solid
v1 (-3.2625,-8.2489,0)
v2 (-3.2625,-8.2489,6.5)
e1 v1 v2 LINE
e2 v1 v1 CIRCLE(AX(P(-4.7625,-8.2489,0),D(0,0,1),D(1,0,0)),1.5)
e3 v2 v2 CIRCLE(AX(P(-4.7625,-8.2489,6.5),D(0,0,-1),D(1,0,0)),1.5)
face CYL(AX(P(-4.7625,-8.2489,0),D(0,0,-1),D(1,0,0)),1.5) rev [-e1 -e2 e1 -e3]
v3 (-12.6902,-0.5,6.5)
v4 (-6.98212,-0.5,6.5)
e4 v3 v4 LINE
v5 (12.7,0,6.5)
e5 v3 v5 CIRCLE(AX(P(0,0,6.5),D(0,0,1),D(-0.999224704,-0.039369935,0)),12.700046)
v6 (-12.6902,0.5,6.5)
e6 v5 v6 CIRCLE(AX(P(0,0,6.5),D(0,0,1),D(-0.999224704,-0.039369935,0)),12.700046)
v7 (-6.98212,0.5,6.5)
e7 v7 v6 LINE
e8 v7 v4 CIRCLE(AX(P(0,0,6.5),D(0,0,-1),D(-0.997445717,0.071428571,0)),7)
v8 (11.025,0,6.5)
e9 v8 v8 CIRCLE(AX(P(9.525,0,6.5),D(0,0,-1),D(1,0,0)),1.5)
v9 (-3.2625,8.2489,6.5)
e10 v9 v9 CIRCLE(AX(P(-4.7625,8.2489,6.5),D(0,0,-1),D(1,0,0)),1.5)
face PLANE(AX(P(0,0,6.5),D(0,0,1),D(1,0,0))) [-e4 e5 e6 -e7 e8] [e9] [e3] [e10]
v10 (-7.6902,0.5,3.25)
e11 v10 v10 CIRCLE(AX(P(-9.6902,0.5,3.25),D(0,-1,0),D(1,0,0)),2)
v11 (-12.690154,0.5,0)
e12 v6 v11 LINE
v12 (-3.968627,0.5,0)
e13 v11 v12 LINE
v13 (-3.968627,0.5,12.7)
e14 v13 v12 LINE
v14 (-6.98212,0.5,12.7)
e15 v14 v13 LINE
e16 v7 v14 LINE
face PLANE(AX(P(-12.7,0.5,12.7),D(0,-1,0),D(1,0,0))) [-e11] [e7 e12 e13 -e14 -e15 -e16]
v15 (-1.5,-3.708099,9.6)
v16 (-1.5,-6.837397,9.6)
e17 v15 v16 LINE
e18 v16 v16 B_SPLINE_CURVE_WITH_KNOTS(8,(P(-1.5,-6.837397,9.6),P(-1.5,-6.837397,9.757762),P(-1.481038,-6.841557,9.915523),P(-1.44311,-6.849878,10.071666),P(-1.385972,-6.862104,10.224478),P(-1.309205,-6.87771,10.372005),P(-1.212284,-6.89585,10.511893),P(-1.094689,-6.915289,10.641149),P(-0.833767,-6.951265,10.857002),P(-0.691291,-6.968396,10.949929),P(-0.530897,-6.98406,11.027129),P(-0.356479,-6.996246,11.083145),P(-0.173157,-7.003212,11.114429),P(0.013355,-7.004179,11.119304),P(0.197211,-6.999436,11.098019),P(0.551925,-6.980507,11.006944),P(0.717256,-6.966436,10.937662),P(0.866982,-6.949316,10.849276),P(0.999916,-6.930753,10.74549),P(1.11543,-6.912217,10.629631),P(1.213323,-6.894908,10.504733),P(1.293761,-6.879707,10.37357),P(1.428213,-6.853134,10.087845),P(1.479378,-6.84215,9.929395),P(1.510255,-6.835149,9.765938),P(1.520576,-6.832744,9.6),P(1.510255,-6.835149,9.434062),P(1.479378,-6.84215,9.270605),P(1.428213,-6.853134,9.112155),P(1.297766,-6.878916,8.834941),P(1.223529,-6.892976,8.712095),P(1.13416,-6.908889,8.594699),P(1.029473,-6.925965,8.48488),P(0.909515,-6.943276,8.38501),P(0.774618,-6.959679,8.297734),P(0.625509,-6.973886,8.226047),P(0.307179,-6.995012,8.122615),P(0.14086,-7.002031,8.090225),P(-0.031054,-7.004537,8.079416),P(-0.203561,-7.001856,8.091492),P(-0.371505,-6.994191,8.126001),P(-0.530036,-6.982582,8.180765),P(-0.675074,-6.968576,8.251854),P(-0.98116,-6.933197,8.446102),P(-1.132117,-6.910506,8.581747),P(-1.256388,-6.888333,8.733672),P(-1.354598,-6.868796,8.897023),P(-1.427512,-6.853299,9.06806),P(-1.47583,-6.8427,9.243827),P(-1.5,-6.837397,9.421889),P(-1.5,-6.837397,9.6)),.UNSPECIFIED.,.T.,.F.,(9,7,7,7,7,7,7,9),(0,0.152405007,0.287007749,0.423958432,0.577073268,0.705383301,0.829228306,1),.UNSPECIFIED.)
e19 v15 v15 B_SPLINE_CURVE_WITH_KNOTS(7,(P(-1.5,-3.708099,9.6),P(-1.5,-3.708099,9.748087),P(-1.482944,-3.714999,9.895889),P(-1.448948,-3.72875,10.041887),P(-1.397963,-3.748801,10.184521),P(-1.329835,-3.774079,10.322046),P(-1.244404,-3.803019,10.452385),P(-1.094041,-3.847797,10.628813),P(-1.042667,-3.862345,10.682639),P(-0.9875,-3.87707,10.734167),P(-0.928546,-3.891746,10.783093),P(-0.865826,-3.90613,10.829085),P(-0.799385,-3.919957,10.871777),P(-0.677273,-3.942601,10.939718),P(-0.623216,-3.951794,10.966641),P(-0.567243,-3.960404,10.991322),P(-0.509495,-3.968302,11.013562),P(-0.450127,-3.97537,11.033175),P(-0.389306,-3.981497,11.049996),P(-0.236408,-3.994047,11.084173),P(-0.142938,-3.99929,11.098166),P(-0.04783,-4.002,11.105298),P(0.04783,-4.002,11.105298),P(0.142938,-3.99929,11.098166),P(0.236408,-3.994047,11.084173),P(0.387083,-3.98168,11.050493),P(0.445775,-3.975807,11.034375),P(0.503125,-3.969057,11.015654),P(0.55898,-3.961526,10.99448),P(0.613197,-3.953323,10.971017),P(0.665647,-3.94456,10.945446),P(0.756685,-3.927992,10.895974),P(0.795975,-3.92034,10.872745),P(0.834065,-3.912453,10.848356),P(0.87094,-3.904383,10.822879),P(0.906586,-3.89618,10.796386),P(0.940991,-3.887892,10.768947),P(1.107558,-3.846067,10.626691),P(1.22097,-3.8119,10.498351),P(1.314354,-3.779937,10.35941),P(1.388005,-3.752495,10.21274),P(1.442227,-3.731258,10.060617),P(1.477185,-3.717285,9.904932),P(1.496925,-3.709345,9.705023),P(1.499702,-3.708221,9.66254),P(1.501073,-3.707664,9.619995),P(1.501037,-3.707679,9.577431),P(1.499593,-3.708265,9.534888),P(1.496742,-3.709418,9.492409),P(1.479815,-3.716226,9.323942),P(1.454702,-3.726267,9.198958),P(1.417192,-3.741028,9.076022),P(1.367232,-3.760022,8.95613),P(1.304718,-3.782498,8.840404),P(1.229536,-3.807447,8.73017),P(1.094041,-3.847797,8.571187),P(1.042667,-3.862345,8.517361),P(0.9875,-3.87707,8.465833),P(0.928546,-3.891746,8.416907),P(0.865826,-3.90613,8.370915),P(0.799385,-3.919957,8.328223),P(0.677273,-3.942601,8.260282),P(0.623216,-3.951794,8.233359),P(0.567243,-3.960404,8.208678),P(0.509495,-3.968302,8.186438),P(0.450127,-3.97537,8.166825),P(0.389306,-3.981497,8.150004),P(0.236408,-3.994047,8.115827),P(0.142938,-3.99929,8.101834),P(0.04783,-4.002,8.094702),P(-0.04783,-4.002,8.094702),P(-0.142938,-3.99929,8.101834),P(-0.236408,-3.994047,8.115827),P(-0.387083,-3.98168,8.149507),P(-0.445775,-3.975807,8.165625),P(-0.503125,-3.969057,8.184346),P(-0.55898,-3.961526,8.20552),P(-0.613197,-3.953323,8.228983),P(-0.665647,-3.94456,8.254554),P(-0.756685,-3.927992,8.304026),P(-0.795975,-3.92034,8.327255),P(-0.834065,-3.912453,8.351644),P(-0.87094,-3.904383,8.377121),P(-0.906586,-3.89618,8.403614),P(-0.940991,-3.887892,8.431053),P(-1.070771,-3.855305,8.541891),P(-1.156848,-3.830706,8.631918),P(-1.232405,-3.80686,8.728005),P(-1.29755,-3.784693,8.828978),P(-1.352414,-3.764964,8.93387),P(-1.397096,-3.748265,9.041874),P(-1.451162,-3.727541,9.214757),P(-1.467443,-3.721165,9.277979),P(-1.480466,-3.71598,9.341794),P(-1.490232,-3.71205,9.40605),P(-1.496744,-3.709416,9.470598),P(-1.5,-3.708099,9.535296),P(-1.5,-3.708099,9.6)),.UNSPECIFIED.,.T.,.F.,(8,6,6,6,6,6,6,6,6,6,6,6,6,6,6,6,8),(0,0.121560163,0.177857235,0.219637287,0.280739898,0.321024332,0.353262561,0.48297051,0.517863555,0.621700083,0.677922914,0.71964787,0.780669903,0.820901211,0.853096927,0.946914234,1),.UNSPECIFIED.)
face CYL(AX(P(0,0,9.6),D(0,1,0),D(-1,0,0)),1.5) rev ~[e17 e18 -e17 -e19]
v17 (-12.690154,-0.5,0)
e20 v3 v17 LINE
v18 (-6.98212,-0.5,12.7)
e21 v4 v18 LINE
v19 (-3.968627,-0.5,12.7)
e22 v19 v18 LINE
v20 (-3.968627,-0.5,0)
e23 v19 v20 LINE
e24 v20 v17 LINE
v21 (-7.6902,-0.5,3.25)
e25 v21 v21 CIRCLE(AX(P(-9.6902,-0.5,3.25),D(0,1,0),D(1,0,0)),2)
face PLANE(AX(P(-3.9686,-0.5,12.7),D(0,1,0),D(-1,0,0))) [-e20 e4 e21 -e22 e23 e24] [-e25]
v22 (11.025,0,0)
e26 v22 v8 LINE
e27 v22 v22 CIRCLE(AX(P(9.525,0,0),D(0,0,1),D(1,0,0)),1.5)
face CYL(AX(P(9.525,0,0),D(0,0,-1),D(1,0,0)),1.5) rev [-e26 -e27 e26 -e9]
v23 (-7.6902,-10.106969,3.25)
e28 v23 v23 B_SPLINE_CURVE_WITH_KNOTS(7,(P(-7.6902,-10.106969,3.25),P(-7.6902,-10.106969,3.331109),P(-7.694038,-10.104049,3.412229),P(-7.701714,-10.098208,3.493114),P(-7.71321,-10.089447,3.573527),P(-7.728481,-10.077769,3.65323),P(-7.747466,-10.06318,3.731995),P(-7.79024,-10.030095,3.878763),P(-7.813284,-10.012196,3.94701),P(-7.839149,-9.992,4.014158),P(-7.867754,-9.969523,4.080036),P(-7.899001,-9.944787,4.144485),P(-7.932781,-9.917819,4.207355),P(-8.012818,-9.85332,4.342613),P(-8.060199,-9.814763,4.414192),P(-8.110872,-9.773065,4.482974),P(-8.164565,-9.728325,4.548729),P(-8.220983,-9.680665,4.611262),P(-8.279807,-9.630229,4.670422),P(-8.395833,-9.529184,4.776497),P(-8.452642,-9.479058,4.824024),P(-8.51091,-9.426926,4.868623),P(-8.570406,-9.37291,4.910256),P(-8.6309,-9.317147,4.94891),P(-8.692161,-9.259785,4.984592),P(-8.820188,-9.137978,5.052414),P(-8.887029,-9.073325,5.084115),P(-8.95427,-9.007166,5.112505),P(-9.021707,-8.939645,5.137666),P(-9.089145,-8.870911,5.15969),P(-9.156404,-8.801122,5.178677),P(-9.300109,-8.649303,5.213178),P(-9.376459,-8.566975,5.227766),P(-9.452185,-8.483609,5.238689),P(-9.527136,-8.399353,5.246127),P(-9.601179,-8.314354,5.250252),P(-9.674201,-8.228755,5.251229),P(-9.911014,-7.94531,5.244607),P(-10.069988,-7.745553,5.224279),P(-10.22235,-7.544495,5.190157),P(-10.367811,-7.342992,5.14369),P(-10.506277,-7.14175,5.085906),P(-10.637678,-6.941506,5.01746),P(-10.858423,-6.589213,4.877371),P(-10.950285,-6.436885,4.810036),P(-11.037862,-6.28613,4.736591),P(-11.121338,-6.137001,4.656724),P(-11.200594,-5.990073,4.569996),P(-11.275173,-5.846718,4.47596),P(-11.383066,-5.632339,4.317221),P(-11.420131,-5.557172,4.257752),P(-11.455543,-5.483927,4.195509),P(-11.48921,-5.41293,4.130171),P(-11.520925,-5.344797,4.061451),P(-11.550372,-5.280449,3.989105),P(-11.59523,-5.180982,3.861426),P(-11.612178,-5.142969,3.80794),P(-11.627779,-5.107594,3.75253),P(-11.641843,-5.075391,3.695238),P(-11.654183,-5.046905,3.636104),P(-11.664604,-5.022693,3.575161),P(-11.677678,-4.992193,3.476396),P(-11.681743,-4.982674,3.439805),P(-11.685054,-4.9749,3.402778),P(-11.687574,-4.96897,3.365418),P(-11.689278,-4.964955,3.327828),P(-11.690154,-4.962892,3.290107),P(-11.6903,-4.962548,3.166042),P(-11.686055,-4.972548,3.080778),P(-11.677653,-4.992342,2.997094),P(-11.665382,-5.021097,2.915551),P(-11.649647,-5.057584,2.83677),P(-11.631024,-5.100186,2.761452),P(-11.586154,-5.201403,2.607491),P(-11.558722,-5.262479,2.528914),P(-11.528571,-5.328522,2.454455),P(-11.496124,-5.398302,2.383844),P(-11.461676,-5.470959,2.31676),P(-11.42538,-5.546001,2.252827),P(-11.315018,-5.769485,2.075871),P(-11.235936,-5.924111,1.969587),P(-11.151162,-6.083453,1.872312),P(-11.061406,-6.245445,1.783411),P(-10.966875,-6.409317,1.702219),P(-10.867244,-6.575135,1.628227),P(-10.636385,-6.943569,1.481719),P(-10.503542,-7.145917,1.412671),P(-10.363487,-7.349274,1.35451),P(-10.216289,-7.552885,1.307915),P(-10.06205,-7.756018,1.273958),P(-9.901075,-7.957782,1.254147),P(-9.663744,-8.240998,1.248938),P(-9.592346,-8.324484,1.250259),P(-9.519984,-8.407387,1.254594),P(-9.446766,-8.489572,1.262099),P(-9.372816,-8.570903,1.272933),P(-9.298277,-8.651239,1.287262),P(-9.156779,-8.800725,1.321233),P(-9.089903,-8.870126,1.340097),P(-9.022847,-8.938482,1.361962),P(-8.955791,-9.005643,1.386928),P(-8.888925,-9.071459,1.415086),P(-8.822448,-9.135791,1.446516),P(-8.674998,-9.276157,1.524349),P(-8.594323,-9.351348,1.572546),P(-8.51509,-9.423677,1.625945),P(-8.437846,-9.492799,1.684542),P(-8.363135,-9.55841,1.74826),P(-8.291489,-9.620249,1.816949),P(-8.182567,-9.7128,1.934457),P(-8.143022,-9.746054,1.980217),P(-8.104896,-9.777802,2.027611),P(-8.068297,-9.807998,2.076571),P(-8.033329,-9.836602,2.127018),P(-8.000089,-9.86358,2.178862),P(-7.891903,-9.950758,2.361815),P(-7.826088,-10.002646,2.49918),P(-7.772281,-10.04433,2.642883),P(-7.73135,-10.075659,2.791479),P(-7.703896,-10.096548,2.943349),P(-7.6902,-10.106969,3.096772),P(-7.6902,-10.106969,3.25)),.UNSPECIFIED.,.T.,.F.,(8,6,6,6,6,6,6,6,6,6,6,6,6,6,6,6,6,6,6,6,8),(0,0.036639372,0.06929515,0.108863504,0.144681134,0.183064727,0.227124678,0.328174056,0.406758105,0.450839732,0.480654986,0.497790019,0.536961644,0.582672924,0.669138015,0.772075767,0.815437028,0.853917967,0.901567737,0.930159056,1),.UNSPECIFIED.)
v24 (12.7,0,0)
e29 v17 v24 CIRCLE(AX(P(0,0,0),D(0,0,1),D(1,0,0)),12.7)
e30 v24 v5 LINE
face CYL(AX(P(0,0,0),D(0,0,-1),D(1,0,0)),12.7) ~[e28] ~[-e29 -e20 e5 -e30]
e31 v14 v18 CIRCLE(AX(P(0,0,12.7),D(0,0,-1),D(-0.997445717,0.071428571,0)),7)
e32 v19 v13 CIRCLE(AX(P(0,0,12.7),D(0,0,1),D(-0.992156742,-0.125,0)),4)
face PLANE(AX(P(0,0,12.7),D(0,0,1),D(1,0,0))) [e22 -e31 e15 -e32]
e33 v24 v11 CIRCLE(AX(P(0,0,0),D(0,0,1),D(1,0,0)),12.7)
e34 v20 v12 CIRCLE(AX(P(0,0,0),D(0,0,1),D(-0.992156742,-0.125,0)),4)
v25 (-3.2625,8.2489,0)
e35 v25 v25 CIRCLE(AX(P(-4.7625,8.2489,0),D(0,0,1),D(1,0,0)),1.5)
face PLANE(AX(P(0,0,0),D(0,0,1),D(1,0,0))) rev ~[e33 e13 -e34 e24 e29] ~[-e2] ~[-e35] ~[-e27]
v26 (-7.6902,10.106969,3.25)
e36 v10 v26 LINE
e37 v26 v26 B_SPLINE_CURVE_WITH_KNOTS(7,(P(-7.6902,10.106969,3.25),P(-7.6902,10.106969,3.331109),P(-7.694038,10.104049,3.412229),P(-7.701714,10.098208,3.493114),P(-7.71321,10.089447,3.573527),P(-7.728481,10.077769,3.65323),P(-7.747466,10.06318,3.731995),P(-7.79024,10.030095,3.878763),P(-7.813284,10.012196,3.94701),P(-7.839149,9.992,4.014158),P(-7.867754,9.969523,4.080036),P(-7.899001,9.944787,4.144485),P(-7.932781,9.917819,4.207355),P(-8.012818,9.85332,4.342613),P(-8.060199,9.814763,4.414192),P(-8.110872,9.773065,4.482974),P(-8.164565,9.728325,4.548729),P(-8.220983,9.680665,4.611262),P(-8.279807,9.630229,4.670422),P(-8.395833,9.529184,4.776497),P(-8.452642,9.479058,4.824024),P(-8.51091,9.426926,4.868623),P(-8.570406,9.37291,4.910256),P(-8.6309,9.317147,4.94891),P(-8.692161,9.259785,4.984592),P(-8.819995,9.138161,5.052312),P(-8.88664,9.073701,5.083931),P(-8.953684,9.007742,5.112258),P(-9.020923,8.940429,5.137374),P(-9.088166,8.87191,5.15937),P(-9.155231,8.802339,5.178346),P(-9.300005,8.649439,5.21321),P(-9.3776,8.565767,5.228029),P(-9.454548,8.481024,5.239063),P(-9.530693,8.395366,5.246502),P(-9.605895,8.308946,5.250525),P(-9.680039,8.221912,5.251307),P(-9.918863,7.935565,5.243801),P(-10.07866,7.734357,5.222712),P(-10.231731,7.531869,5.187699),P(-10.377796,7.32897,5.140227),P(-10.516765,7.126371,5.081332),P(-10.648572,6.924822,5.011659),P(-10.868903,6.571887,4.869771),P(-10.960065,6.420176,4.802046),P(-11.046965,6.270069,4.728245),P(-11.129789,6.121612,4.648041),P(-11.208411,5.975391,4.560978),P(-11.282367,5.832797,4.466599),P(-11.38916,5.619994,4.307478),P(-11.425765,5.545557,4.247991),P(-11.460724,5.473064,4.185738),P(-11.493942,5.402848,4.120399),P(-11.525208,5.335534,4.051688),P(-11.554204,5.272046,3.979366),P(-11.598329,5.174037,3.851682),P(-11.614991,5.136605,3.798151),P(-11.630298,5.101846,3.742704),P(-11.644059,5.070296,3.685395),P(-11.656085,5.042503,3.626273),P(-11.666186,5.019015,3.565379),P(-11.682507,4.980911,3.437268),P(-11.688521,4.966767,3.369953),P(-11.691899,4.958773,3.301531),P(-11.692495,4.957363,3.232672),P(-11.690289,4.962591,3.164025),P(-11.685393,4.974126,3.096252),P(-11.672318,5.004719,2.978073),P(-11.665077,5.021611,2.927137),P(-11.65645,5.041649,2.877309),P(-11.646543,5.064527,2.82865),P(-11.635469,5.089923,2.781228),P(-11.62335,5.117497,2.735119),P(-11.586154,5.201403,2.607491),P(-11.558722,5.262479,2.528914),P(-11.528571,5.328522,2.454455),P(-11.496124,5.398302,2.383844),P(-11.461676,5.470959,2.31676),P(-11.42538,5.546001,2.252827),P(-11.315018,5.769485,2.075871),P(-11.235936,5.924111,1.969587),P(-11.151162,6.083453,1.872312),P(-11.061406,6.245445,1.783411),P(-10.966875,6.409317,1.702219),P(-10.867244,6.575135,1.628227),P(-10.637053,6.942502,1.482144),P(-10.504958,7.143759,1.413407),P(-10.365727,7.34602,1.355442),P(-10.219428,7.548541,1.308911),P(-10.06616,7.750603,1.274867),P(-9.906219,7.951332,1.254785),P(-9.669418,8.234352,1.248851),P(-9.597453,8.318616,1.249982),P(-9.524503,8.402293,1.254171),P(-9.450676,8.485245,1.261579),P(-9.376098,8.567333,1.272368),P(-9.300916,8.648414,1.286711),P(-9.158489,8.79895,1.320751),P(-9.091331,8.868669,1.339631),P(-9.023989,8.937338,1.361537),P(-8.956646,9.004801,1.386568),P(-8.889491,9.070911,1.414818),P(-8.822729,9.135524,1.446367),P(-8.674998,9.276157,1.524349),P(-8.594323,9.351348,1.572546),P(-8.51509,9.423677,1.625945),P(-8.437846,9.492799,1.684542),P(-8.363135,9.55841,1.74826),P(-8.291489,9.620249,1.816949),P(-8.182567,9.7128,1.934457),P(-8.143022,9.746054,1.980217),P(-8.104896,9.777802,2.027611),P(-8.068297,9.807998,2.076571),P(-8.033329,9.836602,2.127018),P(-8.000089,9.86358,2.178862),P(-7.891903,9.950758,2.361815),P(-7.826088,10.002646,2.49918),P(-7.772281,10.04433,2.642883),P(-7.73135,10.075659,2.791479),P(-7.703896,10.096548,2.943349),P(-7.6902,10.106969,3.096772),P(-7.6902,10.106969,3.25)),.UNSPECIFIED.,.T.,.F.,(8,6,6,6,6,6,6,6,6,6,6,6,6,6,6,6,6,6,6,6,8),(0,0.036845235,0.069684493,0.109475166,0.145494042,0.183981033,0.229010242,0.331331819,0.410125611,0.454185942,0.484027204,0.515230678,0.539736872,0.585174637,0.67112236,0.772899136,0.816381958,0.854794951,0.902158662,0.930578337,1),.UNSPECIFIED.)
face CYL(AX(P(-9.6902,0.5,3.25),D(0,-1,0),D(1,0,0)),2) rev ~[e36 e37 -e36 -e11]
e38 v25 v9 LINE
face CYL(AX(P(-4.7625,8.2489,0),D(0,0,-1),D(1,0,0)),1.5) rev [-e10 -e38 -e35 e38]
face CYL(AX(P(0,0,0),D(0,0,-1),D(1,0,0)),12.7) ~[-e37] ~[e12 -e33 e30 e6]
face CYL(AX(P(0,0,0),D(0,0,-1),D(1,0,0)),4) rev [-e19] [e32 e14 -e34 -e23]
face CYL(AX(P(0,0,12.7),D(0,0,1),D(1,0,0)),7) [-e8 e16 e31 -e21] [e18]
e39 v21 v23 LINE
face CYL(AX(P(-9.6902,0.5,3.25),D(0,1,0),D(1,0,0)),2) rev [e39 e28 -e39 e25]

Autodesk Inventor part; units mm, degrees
ref_plane "YZ Plane" through (0, 0, 0) normal (1, 0, 0) x (0, 1, 0)
ref_plane "XZ Plane" through (0, 0, 0) normal (0, 1, 0) x (-1, 0, 0)
ref_plane "XY Plane" through (0, 0, 0) normal (0, 0, 1) x (1, 0, 0)
sketch "Sketch1" plane through (0, 0, 0) normal (0, 0, 1) x (1, 0, 0)
  circle A0 centre (0, 0) radius 12.7
  circle A1 centre (0, 0) radius 4
  circle A2 centre (9.525, 0) radius 1.5
  circle A3 centre (-4.7625, 8.2489) radius 1.5
  circle A4 centre (-4.7625, -8.2489) radius 1.5
  dimension "d0" = 25.4
  dimension "d1" = 8
  dimension "d2" = 3
  dimension "d6" = 360
  dimension "d25" = 9.525
extrude "Extrusion1" add sketch "Sketch1" along normal blind 12.7
sketch "Sketch2" plane through (0, 0, 12.7) normal (0, 0, 1) x (1, 0, 0)
  line L0 (-12.7, 0.5) -> (-3.9686, 0.5)
  line L1 (-3.9686, 0.5) -> (-3.9686, -0.5)
  line L2 (-3.9686, -0.5) -> (-12.7, -0.5)
  line L3 (-12.7, -0.5) -> (-12.7, 0.5)
  circle A0 centre (0, 0) radius 12.7 construction
  circle A1 centre (0, 0) radius 4 construction
  point P0 (-3.9686, 0)
  point P1 (-12.7, 0)
  dimension "d10" = 1
extrude "Extrusion2" cut sketch "Sketch2" against normal through all
sketch "Sketch3" plane through (-12.6902, 0.5, 12.7) normal (0, -1, 0) x (1, 0, 0)
  circle A0 centre (3, -3) radius 2
  circle A1 centre (3, -9.45) radius 2
  line L0 (25.3902, 0) -> (0, 0) projected
  line L1 (0, -12.7) -> (25.3902, -12.7) projected
  point P0 (12.6902, -12.7)
  point P1 (12.6902, -12.7)
  point P2 (12.6902, -12.7)
  point P3 (12.6902, -12.7)
  point P4 (12.6902, -12.7)
  dimension "d13" = 4
  dimension "d14" = 4
  dimension "d15" = 3
  dimension "d16" = 3
  dimension "d17" = 3.25
extrude "Extrusion3" cut sketch "Sketch3" along normal through all both and the other way through all
sketch "Sketch4" plane through (0, 0, 12.7) normal (0, 0, 1) x (1, 0, 0)
  circle A0 centre (0, 0) radius 7
  arc A1 (-12.6902, -0.5) -> (-12.6902, 0.5) centre (0, 0) ccw projected
  circle A2 centre (0, 0) radius 12.7
  dimension "d24" = 14
extrude "Extrusion4" cut sketch "Sketch4" against normal blind 6.2
sketch "Sketch5" plane through (0, 0, 0) normal (0, 1, 0) x (-1, 0, 0)
  circle A0 centre (0, 9.6) radius 1.5
  circle A1 centre (0, 3.25) radius 1.5
  line L0 (-12.7, 0) -> (-12.7, 6.5) projected
  line L1 (-7, 12.7) -> (-7, 6.5) projected
  point P0 (0, 0)
  point P1 (-12.7, 3.25)
  point P2 (-7, 9.6)
  dimension "d28" = 3
  dimension "d29" = 3
extrude "Extrusion5" cut sketch "Sketch5" against normal through all contours A0
thread "Thread2" size "M4x0.7" class "6H" standard "ANSI Metric M Profile" full length
thread "Thread3" size "M3x0.5" class "6H" standard "ANSI Metric M Profile" full length
properties part number "AA056" material "Aluminum 6061"
